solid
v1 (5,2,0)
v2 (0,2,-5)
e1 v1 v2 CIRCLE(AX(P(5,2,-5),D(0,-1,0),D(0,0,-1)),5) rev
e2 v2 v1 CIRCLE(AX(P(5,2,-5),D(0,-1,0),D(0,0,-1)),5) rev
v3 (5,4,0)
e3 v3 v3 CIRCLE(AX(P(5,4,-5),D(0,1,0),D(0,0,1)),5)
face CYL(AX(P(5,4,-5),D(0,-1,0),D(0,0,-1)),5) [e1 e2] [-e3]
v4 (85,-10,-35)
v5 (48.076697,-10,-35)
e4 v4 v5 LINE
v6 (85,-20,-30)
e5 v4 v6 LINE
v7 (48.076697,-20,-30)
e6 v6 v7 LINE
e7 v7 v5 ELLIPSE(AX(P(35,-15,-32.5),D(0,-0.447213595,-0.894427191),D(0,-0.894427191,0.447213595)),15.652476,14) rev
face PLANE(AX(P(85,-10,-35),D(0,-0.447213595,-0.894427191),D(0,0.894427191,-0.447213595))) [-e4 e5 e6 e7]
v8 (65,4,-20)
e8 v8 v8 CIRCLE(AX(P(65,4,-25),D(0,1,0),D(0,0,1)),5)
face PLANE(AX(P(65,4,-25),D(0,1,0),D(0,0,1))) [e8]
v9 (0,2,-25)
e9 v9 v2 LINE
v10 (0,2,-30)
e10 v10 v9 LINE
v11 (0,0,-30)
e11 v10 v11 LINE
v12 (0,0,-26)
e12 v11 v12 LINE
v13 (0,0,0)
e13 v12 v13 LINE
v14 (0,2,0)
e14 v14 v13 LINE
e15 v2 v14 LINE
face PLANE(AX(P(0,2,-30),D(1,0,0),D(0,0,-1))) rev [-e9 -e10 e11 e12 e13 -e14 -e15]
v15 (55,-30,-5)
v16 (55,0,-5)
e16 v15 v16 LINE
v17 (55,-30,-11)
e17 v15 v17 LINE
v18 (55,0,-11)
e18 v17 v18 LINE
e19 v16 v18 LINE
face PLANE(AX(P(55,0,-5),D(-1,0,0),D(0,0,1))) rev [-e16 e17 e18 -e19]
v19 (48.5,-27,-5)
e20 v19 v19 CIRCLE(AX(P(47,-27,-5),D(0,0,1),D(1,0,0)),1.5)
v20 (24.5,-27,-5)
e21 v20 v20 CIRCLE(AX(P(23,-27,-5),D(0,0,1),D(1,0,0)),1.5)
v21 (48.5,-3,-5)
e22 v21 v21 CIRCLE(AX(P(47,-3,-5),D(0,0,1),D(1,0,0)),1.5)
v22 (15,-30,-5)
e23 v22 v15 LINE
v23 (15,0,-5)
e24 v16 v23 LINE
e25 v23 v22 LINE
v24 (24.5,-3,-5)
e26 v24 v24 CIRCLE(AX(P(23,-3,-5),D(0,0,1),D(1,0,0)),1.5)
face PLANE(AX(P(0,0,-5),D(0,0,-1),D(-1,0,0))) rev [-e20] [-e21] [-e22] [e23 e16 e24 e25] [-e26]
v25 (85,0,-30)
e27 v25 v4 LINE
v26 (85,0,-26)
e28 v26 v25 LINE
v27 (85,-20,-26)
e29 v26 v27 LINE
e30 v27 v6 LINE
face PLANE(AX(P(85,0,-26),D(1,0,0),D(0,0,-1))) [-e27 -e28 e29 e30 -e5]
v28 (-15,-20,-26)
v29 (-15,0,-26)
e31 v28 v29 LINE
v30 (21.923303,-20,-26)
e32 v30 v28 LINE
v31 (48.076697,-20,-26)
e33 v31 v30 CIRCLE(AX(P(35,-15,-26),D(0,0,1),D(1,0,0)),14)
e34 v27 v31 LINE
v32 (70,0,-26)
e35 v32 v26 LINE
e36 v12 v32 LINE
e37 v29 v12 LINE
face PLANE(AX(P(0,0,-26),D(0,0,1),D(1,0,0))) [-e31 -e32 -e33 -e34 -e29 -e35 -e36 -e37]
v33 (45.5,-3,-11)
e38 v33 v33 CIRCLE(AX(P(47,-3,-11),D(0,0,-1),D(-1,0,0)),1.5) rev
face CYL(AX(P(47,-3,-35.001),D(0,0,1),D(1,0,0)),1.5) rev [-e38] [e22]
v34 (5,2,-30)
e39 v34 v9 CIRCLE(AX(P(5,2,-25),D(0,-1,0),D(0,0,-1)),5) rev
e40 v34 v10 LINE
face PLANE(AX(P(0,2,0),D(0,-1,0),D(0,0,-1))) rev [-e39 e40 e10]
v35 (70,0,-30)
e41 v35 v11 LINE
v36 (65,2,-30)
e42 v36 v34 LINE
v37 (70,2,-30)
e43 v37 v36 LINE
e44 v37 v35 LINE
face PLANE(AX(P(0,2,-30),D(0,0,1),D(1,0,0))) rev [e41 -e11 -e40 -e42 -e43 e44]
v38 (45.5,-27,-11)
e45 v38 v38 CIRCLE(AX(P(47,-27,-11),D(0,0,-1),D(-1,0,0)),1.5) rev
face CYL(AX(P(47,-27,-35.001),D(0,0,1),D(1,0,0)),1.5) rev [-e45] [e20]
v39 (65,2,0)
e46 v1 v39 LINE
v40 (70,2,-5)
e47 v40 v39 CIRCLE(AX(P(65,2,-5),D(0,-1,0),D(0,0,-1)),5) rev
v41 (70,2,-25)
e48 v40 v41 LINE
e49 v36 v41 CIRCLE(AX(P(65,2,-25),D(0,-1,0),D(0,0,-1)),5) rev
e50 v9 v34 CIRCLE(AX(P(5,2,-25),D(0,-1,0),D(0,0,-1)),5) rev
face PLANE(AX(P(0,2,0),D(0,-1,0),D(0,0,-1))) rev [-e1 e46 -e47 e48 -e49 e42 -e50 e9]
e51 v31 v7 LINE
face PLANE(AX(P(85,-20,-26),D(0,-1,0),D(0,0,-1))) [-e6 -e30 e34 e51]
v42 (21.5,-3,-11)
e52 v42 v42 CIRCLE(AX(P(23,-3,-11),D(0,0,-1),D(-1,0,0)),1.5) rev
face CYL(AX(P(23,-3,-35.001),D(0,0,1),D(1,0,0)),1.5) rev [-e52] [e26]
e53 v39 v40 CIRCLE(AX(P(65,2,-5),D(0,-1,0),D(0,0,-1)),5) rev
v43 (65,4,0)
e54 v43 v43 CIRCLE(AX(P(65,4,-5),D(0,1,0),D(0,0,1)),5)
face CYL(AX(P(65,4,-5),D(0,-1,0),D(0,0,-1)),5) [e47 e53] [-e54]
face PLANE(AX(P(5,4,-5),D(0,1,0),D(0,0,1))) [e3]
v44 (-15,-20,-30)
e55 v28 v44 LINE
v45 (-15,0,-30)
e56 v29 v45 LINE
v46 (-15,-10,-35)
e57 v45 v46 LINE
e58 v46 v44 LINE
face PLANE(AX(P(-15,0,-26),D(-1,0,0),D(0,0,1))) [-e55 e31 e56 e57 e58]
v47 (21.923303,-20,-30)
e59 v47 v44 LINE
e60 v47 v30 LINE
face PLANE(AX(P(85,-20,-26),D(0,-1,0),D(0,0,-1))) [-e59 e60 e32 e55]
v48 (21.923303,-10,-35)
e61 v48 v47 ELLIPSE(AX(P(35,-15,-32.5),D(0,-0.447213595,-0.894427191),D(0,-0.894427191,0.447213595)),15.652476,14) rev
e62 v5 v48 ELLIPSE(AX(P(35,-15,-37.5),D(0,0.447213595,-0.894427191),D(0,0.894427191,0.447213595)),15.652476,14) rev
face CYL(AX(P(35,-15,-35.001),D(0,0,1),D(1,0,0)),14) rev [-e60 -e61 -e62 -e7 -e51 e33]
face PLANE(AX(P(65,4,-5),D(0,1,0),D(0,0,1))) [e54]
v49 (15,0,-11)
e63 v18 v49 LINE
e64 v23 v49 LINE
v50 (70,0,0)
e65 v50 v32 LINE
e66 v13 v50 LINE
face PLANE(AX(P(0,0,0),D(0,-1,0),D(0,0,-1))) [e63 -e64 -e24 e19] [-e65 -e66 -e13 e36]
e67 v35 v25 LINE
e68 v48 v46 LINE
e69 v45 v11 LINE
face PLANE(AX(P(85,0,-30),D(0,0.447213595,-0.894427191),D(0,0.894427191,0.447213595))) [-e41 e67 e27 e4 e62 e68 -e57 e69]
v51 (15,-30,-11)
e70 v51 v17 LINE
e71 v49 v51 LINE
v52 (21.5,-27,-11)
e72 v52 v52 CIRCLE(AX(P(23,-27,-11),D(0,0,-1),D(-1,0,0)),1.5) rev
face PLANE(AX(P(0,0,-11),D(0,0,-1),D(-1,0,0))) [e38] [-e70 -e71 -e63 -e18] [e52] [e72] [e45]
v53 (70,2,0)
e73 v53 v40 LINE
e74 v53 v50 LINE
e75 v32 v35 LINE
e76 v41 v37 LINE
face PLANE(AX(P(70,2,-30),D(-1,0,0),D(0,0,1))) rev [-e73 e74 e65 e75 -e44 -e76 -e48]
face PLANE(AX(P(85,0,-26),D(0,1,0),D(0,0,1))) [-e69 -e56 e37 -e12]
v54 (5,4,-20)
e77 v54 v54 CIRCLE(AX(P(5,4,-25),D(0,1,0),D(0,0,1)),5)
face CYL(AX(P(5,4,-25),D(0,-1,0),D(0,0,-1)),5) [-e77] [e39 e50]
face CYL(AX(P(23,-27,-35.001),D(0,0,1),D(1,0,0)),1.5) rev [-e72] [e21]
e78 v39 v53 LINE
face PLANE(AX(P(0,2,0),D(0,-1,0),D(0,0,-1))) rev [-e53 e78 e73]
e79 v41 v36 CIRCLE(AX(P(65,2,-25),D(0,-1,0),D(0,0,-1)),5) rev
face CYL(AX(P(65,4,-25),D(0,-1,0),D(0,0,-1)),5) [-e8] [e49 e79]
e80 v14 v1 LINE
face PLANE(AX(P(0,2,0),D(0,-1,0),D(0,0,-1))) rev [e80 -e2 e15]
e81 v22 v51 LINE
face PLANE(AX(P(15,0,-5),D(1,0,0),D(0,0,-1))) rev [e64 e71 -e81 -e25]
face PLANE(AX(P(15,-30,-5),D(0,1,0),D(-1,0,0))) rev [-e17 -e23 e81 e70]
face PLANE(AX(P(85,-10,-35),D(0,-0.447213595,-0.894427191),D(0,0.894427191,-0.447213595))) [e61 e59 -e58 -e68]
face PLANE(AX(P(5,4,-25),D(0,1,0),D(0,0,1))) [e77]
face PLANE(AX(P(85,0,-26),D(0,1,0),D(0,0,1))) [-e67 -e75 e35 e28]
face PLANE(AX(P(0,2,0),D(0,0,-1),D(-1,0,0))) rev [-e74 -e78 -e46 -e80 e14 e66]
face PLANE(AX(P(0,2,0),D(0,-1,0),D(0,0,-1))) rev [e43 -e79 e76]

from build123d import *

# Parameters (mm, degrees)
SKETCH_1_W          = 70
SKETCH_1_H          = 30
EXTRUDE_1_DEPTH     = 2
SKETCH_2_R          = 5
EXTRUDE_2_DEPTH     = 4
SKETCH_3_W          = 100
SKETCH_3_H          = 20
EXTRUDE_3_DEPTH     = 4
EXTRUDE_5_DEPTH     = 100
SKETCH_7_W          = 40
SKETCH_7_H          = 30
EXTRUDE_7_DEPTH     = 6
CUT_EXTRUDE_1_REACH = 97
SKETCH_8_R          = 1.5
CUT_EXTRUDE_2_REACH = 95.814
SKETCH_10_R         = 14


with BuildPart() as part:
    # 草图1 → 凸台-拉伸1 (new body)
    with BuildSketch(Plane(origin=(0, 0, 0), x_dir=(1, 0, 0), z_dir=(0, 1, 0))):
        with Locations((35, 15)):
            Rectangle(SKETCH_1_W, SKETCH_1_H)
    extrude(amount=EXTRUDE_1_DEPTH)

    # 草图2 → 凸台-拉伸2 (add)
    with BuildSketch(Plane(origin=(0, 0, 0), x_dir=(1, 0, 0), z_dir=(0, 1, 0))):
        with Locations(Location((5, 25, 0), (0, 0, 90))):
            Circle(SKETCH_2_R)
        with Locations(Location((5, 5, 0), (0, 0, 270))):
            Circle(SKETCH_2_R)
        with Locations(Location((65, 25, 0), (0, 0, 90))):
            Circle(SKETCH_2_R)
        with Locations(Location((65, 5, 0), (0, 0, 270))):
            Circle(SKETCH_2_R)
    extrude(amount=EXTRUDE_2_DEPTH)

    # 草图3 → 凸台-拉伸3 (add)
    with BuildSketch(Plane(origin=(0, 0, -30), x_dir=(-1, 0, 0), z_dir=(0, 0, -1))):
        with Locations((-35, -10)):
            Rectangle(SKETCH_3_W, SKETCH_3_H)
    extrude(amount=-EXTRUDE_3_DEPTH)

    # 草图5 → 凸台-拉伸5 (add)
    with BuildSketch(Plane.ZY.offset(15)):
        Polygon((-30, 0), (-35, -10), (-30, -20), align=None)
    extrude(amount=-EXTRUDE_5_DEPTH)

    # 草图7 → 凸台-拉伸7 (add)
    with BuildSketch(Plane.XY.offset(-11)):
        with Locations((35, -15)):
            Rectangle(SKETCH_7_W, SKETCH_7_H)
    extrude(amount=EXTRUDE_7_DEPTH)

    # 草图8 → 切除-拉伸1 (cut, up to next)
    with BuildSketch(Plane.XY.offset(-5), mode=Mode.PRIVATE) as cut_extrude_1_sk1:
        with Locations((23, -3)):
            Circle(SKETCH_8_R)
    cut_extrude_1_tool1 = extrude(cut_extrude_1_sk1.sketch, amount=-CUT_EXTRUDE_1_REACH, mode=Mode.PRIVATE) & part.part
    # 草图8 → 切除-拉伸1 (cut, up to next)
    with BuildSketch(Plane.XY.offset(-5), mode=Mode.PRIVATE) as cut_extrude_1_sk2:
        with Locations((47, -3)):
            Circle(SKETCH_8_R)
    cut_extrude_1_tool2 = extrude(cut_extrude_1_sk2.sketch, amount=-CUT_EXTRUDE_1_REACH, mode=Mode.PRIVATE) & part.part
    # 草图8 → 切除-拉伸1 (cut, up to next)
    with BuildSketch(Plane.XY.offset(-5), mode=Mode.PRIVATE) as cut_extrude_1_sk3:
        with Locations((23, -27)):
            Circle(SKETCH_8_R)
    cut_extrude_1_tool3 = extrude(cut_extrude_1_sk3.sketch, amount=-CUT_EXTRUDE_1_REACH, mode=Mode.PRIVATE) & part.part
    # 草图8 → 切除-拉伸1 (cut, up to next)
    with BuildSketch(Plane.XY.offset(-5), mode=Mode.PRIVATE) as cut_extrude_1_sk4:
        with Locations((47, -27)):
            Circle(SKETCH_8_R)
    cut_extrude_1_tool4 = extrude(cut_extrude_1_sk4.sketch, amount=-CUT_EXTRUDE_1_REACH, mode=Mode.PRIVATE) & part.part
    add(cut_extrude_1_tool1.solids().sort_by_distance((23, -3, -5))[0], mode=Mode.SUBTRACT)
    add(cut_extrude_1_tool2.solids().sort_by_distance((47, -3, -5))[0], mode=Mode.SUBTRACT)
    add(cut_extrude_1_tool3.solids().sort_by_distance((23, -27, -5))[0], mode=Mode.SUBTRACT)
    add(cut_extrude_1_tool4.solids().sort_by_distance((47, -27, -5))[0], mode=Mode.SUBTRACT)

    # 草图10 → 切除-拉伸2 (cut, up to next)
    with BuildSketch(Plane.XY.offset(-26), mode=Mode.PRIVATE) as cut_extrude_2_sk1:
        with Locations((35, -15)):
            Circle(SKETCH_10_R)
    cut_extrude_2_tool1 = extrude(cut_extrude_2_sk1.sketch, amount=-CUT_EXTRUDE_2_REACH, mode=Mode.PRIVATE) & part.part
    add(cut_extrude_2_tool1.solids().sort_by_distance((35, -15, -26))[0], mode=Mode.SUBTRACT)


solid = part.part
